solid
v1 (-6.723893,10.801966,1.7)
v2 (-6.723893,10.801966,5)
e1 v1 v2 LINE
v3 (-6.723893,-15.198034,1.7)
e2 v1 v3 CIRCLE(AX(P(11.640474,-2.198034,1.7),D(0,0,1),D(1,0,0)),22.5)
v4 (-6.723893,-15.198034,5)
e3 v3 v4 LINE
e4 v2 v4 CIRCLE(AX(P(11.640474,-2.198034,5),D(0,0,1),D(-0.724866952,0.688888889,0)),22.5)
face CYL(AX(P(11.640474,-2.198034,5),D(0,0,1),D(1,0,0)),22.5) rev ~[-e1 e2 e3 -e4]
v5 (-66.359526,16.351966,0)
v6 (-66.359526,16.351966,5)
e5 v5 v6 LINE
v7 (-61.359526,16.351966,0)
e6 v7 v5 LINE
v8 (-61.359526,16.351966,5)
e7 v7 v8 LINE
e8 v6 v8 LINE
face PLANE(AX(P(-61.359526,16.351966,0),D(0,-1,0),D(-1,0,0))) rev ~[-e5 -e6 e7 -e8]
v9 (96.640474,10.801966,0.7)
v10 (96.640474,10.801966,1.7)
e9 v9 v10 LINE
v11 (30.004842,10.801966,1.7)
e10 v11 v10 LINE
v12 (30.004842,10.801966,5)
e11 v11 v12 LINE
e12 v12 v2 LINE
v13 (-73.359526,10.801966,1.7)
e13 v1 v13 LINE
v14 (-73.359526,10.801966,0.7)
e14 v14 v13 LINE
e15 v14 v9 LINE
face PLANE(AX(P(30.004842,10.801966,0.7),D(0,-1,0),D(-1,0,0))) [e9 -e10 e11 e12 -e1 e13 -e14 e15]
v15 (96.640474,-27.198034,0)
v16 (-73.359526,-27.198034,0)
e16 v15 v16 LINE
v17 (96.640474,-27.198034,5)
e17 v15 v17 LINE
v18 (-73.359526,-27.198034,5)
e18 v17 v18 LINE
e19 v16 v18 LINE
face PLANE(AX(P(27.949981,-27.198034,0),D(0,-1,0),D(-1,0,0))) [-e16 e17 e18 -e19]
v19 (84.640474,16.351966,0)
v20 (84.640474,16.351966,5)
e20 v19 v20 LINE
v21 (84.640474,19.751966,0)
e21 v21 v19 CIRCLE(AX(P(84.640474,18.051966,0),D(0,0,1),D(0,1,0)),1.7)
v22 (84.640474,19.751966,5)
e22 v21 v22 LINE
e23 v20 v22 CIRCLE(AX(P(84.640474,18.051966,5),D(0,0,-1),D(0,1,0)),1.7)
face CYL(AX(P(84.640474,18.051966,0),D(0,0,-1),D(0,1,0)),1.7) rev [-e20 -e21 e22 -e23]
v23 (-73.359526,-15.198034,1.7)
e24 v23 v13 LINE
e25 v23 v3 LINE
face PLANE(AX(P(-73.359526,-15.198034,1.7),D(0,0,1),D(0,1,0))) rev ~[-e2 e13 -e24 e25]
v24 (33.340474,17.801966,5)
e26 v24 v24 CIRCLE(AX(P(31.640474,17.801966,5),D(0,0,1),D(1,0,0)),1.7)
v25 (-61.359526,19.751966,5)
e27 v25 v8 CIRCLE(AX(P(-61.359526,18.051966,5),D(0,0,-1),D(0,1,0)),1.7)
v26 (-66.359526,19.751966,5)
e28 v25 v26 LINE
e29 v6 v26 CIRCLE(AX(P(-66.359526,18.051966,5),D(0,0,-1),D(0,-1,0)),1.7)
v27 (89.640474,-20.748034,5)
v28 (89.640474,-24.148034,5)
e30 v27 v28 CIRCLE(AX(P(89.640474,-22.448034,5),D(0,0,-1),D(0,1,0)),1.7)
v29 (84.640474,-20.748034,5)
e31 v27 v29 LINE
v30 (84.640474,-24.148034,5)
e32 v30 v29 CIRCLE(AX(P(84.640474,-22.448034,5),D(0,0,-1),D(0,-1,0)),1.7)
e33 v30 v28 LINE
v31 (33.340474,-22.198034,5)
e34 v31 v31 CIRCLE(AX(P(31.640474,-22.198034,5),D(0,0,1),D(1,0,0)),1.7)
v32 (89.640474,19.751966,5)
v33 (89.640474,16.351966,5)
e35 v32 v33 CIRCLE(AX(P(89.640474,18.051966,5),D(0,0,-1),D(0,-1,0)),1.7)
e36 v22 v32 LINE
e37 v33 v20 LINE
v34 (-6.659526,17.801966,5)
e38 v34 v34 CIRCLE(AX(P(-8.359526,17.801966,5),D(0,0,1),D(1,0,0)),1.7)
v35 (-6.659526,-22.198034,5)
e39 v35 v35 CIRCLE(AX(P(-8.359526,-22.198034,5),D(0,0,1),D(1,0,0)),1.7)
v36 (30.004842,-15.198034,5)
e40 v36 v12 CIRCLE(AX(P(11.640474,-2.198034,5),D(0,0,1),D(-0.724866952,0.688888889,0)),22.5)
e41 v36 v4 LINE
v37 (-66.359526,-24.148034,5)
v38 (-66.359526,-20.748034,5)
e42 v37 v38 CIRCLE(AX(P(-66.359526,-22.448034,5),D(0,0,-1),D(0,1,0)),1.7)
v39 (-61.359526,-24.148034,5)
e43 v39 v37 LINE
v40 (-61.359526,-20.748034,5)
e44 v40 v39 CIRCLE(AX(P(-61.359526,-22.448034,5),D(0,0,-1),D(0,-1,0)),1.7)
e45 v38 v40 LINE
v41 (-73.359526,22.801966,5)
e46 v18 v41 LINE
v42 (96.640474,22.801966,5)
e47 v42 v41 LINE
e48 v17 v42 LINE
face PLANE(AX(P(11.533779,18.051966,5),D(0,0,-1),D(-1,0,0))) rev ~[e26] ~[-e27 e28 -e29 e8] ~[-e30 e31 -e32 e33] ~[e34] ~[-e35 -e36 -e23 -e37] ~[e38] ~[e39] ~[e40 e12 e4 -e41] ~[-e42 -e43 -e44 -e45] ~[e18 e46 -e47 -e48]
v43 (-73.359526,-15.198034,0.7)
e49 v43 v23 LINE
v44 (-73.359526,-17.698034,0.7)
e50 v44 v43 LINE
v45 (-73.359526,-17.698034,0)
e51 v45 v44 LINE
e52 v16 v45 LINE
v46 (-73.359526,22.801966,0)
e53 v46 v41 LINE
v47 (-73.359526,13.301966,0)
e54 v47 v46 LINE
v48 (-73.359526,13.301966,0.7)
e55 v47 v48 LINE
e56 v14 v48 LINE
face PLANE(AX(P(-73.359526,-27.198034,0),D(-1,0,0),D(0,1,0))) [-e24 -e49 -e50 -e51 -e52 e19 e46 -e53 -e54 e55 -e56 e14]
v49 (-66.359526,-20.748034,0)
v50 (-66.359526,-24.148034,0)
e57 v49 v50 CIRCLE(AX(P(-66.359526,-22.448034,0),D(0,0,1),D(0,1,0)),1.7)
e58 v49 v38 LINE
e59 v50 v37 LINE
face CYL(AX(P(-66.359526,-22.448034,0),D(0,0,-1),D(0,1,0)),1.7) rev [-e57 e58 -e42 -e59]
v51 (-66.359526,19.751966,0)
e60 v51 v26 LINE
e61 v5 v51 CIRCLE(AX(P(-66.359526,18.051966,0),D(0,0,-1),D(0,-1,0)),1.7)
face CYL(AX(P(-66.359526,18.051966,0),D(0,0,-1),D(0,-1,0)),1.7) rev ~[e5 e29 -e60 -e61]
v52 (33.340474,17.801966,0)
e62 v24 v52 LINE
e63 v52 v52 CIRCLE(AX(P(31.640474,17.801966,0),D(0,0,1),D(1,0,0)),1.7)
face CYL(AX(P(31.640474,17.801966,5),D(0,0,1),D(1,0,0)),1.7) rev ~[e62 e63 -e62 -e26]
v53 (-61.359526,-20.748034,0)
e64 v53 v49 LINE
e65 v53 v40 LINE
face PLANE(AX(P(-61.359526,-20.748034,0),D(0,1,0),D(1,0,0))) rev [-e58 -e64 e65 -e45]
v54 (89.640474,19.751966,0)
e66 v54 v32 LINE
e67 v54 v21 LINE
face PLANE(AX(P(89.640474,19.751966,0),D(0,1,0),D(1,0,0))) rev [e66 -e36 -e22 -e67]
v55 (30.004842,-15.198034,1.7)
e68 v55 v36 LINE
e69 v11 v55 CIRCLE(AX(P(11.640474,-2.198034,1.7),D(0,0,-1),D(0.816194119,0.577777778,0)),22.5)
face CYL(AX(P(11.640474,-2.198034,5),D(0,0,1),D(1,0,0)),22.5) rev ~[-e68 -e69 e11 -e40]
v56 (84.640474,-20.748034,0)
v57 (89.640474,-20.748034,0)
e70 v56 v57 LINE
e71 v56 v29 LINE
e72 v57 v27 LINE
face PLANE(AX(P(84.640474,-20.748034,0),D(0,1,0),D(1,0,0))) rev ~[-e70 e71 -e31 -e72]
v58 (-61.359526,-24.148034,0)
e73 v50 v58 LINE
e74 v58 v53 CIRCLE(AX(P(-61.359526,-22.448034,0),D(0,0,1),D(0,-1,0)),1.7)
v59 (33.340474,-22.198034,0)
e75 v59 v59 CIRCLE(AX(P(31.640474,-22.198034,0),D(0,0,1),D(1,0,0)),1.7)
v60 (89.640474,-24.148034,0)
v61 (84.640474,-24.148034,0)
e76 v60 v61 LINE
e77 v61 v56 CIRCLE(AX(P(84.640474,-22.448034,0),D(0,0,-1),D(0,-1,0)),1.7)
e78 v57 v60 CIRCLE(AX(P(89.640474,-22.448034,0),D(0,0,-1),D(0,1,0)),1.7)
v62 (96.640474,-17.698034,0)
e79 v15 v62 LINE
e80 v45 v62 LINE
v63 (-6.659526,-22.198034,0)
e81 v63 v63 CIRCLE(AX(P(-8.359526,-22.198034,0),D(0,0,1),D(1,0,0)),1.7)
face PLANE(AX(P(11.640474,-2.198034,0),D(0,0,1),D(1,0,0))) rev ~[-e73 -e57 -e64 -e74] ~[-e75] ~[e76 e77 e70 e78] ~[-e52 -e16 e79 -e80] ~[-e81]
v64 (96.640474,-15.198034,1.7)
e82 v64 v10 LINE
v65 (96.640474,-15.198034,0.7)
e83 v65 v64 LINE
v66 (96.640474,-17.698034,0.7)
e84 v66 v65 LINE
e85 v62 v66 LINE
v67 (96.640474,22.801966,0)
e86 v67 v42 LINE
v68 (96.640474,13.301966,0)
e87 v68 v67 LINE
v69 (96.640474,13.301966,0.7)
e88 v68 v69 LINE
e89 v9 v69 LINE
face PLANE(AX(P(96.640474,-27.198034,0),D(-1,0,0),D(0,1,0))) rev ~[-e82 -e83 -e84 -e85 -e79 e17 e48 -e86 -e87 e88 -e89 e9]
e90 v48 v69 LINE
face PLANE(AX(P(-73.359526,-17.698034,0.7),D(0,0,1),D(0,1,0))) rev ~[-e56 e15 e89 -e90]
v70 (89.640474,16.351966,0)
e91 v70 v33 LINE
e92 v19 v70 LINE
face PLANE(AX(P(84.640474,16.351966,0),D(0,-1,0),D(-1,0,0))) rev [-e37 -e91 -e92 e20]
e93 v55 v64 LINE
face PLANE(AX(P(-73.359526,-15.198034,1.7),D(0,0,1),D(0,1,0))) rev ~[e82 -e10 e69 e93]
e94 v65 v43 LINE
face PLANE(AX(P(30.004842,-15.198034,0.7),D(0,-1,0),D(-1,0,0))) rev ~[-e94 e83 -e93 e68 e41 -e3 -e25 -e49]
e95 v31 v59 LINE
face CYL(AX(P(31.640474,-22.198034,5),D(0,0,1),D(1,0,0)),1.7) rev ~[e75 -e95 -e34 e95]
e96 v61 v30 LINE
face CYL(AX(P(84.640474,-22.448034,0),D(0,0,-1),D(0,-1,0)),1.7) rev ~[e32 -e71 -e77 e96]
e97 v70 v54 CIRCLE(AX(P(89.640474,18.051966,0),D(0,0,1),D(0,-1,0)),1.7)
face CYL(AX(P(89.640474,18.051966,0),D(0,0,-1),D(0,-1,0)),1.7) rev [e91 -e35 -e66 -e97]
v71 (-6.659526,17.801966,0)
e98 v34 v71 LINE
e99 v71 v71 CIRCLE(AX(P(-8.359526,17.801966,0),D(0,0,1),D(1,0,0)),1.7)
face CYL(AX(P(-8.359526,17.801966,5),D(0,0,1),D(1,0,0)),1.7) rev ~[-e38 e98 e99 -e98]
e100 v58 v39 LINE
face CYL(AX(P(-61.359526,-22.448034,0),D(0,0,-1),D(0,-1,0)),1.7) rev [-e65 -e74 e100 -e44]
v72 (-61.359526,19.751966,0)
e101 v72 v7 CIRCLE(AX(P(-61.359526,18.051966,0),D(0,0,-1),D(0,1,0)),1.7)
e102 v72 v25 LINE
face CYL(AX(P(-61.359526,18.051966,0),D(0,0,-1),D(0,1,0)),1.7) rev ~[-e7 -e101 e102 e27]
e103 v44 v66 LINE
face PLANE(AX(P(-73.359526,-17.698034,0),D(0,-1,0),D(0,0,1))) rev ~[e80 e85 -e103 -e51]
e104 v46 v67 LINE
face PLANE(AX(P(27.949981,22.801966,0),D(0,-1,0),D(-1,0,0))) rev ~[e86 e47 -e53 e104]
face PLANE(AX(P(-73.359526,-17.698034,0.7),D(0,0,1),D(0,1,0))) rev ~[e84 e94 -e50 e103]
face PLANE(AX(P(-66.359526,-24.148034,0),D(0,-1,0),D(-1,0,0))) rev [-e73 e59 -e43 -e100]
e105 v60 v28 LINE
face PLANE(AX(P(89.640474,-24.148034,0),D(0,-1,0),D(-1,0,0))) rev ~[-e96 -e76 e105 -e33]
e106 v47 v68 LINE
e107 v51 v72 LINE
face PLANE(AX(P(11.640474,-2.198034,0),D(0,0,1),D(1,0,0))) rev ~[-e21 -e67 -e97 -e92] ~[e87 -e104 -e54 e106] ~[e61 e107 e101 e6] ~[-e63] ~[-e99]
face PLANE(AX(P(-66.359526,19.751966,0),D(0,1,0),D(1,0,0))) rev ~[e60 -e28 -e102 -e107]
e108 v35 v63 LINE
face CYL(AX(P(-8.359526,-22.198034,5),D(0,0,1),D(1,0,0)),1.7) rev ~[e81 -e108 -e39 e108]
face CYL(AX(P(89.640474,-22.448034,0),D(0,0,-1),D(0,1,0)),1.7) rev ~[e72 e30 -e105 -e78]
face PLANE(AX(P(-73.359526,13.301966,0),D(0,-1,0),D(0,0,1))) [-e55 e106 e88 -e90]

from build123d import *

# Parameters (mm, degrees)
SZKIC1_W                    = 170
SZKIC1_H                    = 50
DODANIE_WYCI_GNI_CIE1_DEPTH = 5
SZKIC2_W                    = 0.7
SZKIC2_H                    = 31
WYTNIJ_WYCI_GNI_CIE1_DEPTH  = 173.234529168
SZKIC3_W                    = 1
SZKIC3_H                    = 26
WYTNIJ_WYCI_GNI_CIE2_DEPTH  = 173.234529168
SZKIC4_R                    = 1.7
WYTNIJ_WYCI_GNI_CIE3_DEPTH  = 101.51922361
SZKIC5_R                    = 22.5
WYTNIJ_WYCI_GNI_CIE4_DEPTH  = 10
WYTNIJ_WYCI_GNI_CIE5_DEPTH  = 101.51922361
LUSTRO2_COPY_1_DEPTH        = 101.51922361
SZKIC7_W                    = 32.832404509
SZKIC7_H                    = 9.5
DODANIE_WYCI_GNI_CIE2_DEPTH = 5
SZKIC8_W                    = 34.236470266
SZKIC8_H                    = 9.5
DODANIE_WYCI_GNI_CIE3_DEPTH = 5
SZKIC9_W                    = 39.464340028
SZKIC9_H                    = 2.5
DODANIE_WYCI_GNI_CIE4_DEPTH = 4.3
SZKIC10_W                   = 39.512976603
SZKIC10_H                   = 2.5
DODANIE_WYCI_GNI_CIE5_DEPTH = 4.3


with BuildPart() as part:
    # Szkic1 → Dodanie-wyciągnięcie1 (new body)
    with BuildSketch(Plane.XY):
        with Locations((11.640474324, -2.198033708)):
            Rectangle(SZKIC1_W, SZKIC1_H)
    extrude(amount=DODANIE_WYCI_GNI_CIE1_DEPTH)

    # Szkic2 → Wytnij-wyciągnięcie1 (cut, through all)
    with BuildSketch(Plane.ZY.offset(73.359525676)):
        with Locations((0.35, -2.198033708)):
            Rectangle(SZKIC2_W, SZKIC2_H)
    extrude(amount=-WYTNIJ_WYCI_GNI_CIE1_DEPTH, mode=Mode.SUBTRACT)

    # Szkic3 → Wytnij-wyciągnięcie2 (cut, through all)
    with BuildSketch(Plane.ZY.offset(73.359525676)):
        with Locations((1.2, -2.198033708)):
            Rectangle(SZKIC3_W, SZKIC3_H)
    extrude(amount=-WYTNIJ_WYCI_GNI_CIE2_DEPTH, mode=Mode.SUBTRACT)

    # Szkic4 → Wytnij-wyciągnięcie3 (cut, through all)
    with BuildSketch(Plane.XY.offset(5)):
        with Locations((-8.359525676, -22.198033708)):
            Circle(SZKIC4_R)
        with Locations((31.640474324, -22.198033708)):
            Circle(SZKIC4_R)
        with Locations((31.640474324, 17.801966292)):
            Circle(SZKIC4_R)
        with Locations((-8.359525676, 17.801966292)):
            Circle(SZKIC4_R)
    extrude(amount=-WYTNIJ_WYCI_GNI_CIE3_DEPTH, mode=Mode.SUBTRACT)

    # Szkic5 → Wytnij-wyciągnięcie4 (cut)
    with BuildSketch(Plane.XY.offset(5)):
        with Locations((11.640474324, -2.198033708)):
            Circle(SZKIC5_R)
    extrude(amount=-WYTNIJ_WYCI_GNI_CIE4_DEPTH, mode=Mode.SUBTRACT)

    # Szkic6 → Wytnij-wyciągnięcie5 (cut, through all)
    with BuildSketch(Plane(origin=(0, 0, 0), x_dir=(-1, 0, 0), z_dir=(0, 0, -1))):
        with BuildLine():
            Line((66.359525676, 19.751966292), (61.359525676, 19.751966292))
            ThreePointArc((61.359525676, 19.751966292), (59.659525676, 18.051966292), (61.359525676, 16.351966292))
            Line((61.359525676, 16.351966292), (66.359525676, 16.351966292))
            ThreePointArc((66.359525676, 16.351966292), (68.059525676, 18.051966292), (66.359525676, 19.751966292))
        make_face()
    wytnij_wyci_gni_cie5 = extrude(amount=-WYTNIJ_WYCI_GNI_CIE5_DEPTH, mode=Mode.SUBTRACT)

    # Lustro1: Wytnij-wyciągnięcie5 across plane
    add(wytnij_wyci_gni_cie5.mirror(Plane(origin=(0, -2.198033708, 0), x_dir=(0, 0, 1), z_dir=(0, -1, 0))), mode=Mode.SUBTRACT)

    # Lustro2: Wytnij-wyciągnięcie5 across plane
    add(wytnij_wyci_gni_cie5.mirror(Plane(origin=(11.640474324, 0, 0), x_dir=(0, 0, 1), z_dir=(1, 0, 0))), mode=Mode.SUBTRACT)

    # Lustro2 copy 1 sketch → Lustro2 copy 1 (cut, through all)
    with BuildSketch(Plane(origin=(23.280948648, -4.396067416, 0), x_dir=(1, 0, 0), z_dir=(0, 0, -1))):
        with BuildLine():
            Line((66.359525676, 19.751966292), (61.359525676, 19.751966292))
            ThreePointArc((61.359525676, 19.751966292), (59.659525676, 18.051966292), (61.359525676, 16.351966292))
            Line((61.359525676, 16.351966292), (66.359525676, 16.351966292))
            ThreePointArc((66.359525676, 16.351966292), (68.059525676, 18.051966292), (66.359525676, 19.751966292))
        make_face()
    extrude(amount=-LUSTRO2_COPY_1_DEPTH, mode=Mode.SUBTRACT)

    # Szkic7 → Dodanie-wyciągnięcie2 (add, through all)
    with BuildSketch(Plane(origin=(0, 0, 0), x_dir=(-1, 0, 0), z_dir=(0, 0, -1))):
        with Locations((-11.5337785, 18.051966292)):
            Rectangle(SZKIC7_W, SZKIC7_H)
    extrude(amount=-DODANIE_WYCI_GNI_CIE2_DEPTH)

    # Szkic8 → Dodanie-wyciągnięcie3 (add, through all)
    with BuildSketch(Plane(origin=(0, 0, 0), x_dir=(-1, 0, 0), z_dir=(0, 0, -1))):
        with Locations((-10.831745621, -22.448033708)):
            Rectangle(SZKIC8_W, SZKIC8_H)
    extrude(amount=-DODANIE_WYCI_GNI_CIE3_DEPTH)

    # Szkic9 → Dodanie-wyciągnięcie4 (add, through all)
    with BuildSketch(Plane(origin=(0, 0, 0.7), x_dir=(-1, 0, 0), z_dir=(0, 0, -1))):
        with Locations((-10.272671982, 12.051966292)):
            Rectangle(SZKIC9_W, SZKIC9_H)
    extrude(amount=-DODANIE_WYCI_GNI_CIE4_DEPTH)

    # Szkic10 → Dodanie-wyciągnięcie5 (add, through all)
    with BuildSketch(Plane(origin=(0, 0, 0.7), x_dir=(-1, 0, 0), z_dir=(0, 0, -1))):
        with Locations((-10.248353695, -16.448033708)):
            Rectangle(SZKIC10_W, SZKIC10_H)
    extrude(amount=-DODANIE_WYCI_GNI_CIE5_DEPTH)


solid = part.part
